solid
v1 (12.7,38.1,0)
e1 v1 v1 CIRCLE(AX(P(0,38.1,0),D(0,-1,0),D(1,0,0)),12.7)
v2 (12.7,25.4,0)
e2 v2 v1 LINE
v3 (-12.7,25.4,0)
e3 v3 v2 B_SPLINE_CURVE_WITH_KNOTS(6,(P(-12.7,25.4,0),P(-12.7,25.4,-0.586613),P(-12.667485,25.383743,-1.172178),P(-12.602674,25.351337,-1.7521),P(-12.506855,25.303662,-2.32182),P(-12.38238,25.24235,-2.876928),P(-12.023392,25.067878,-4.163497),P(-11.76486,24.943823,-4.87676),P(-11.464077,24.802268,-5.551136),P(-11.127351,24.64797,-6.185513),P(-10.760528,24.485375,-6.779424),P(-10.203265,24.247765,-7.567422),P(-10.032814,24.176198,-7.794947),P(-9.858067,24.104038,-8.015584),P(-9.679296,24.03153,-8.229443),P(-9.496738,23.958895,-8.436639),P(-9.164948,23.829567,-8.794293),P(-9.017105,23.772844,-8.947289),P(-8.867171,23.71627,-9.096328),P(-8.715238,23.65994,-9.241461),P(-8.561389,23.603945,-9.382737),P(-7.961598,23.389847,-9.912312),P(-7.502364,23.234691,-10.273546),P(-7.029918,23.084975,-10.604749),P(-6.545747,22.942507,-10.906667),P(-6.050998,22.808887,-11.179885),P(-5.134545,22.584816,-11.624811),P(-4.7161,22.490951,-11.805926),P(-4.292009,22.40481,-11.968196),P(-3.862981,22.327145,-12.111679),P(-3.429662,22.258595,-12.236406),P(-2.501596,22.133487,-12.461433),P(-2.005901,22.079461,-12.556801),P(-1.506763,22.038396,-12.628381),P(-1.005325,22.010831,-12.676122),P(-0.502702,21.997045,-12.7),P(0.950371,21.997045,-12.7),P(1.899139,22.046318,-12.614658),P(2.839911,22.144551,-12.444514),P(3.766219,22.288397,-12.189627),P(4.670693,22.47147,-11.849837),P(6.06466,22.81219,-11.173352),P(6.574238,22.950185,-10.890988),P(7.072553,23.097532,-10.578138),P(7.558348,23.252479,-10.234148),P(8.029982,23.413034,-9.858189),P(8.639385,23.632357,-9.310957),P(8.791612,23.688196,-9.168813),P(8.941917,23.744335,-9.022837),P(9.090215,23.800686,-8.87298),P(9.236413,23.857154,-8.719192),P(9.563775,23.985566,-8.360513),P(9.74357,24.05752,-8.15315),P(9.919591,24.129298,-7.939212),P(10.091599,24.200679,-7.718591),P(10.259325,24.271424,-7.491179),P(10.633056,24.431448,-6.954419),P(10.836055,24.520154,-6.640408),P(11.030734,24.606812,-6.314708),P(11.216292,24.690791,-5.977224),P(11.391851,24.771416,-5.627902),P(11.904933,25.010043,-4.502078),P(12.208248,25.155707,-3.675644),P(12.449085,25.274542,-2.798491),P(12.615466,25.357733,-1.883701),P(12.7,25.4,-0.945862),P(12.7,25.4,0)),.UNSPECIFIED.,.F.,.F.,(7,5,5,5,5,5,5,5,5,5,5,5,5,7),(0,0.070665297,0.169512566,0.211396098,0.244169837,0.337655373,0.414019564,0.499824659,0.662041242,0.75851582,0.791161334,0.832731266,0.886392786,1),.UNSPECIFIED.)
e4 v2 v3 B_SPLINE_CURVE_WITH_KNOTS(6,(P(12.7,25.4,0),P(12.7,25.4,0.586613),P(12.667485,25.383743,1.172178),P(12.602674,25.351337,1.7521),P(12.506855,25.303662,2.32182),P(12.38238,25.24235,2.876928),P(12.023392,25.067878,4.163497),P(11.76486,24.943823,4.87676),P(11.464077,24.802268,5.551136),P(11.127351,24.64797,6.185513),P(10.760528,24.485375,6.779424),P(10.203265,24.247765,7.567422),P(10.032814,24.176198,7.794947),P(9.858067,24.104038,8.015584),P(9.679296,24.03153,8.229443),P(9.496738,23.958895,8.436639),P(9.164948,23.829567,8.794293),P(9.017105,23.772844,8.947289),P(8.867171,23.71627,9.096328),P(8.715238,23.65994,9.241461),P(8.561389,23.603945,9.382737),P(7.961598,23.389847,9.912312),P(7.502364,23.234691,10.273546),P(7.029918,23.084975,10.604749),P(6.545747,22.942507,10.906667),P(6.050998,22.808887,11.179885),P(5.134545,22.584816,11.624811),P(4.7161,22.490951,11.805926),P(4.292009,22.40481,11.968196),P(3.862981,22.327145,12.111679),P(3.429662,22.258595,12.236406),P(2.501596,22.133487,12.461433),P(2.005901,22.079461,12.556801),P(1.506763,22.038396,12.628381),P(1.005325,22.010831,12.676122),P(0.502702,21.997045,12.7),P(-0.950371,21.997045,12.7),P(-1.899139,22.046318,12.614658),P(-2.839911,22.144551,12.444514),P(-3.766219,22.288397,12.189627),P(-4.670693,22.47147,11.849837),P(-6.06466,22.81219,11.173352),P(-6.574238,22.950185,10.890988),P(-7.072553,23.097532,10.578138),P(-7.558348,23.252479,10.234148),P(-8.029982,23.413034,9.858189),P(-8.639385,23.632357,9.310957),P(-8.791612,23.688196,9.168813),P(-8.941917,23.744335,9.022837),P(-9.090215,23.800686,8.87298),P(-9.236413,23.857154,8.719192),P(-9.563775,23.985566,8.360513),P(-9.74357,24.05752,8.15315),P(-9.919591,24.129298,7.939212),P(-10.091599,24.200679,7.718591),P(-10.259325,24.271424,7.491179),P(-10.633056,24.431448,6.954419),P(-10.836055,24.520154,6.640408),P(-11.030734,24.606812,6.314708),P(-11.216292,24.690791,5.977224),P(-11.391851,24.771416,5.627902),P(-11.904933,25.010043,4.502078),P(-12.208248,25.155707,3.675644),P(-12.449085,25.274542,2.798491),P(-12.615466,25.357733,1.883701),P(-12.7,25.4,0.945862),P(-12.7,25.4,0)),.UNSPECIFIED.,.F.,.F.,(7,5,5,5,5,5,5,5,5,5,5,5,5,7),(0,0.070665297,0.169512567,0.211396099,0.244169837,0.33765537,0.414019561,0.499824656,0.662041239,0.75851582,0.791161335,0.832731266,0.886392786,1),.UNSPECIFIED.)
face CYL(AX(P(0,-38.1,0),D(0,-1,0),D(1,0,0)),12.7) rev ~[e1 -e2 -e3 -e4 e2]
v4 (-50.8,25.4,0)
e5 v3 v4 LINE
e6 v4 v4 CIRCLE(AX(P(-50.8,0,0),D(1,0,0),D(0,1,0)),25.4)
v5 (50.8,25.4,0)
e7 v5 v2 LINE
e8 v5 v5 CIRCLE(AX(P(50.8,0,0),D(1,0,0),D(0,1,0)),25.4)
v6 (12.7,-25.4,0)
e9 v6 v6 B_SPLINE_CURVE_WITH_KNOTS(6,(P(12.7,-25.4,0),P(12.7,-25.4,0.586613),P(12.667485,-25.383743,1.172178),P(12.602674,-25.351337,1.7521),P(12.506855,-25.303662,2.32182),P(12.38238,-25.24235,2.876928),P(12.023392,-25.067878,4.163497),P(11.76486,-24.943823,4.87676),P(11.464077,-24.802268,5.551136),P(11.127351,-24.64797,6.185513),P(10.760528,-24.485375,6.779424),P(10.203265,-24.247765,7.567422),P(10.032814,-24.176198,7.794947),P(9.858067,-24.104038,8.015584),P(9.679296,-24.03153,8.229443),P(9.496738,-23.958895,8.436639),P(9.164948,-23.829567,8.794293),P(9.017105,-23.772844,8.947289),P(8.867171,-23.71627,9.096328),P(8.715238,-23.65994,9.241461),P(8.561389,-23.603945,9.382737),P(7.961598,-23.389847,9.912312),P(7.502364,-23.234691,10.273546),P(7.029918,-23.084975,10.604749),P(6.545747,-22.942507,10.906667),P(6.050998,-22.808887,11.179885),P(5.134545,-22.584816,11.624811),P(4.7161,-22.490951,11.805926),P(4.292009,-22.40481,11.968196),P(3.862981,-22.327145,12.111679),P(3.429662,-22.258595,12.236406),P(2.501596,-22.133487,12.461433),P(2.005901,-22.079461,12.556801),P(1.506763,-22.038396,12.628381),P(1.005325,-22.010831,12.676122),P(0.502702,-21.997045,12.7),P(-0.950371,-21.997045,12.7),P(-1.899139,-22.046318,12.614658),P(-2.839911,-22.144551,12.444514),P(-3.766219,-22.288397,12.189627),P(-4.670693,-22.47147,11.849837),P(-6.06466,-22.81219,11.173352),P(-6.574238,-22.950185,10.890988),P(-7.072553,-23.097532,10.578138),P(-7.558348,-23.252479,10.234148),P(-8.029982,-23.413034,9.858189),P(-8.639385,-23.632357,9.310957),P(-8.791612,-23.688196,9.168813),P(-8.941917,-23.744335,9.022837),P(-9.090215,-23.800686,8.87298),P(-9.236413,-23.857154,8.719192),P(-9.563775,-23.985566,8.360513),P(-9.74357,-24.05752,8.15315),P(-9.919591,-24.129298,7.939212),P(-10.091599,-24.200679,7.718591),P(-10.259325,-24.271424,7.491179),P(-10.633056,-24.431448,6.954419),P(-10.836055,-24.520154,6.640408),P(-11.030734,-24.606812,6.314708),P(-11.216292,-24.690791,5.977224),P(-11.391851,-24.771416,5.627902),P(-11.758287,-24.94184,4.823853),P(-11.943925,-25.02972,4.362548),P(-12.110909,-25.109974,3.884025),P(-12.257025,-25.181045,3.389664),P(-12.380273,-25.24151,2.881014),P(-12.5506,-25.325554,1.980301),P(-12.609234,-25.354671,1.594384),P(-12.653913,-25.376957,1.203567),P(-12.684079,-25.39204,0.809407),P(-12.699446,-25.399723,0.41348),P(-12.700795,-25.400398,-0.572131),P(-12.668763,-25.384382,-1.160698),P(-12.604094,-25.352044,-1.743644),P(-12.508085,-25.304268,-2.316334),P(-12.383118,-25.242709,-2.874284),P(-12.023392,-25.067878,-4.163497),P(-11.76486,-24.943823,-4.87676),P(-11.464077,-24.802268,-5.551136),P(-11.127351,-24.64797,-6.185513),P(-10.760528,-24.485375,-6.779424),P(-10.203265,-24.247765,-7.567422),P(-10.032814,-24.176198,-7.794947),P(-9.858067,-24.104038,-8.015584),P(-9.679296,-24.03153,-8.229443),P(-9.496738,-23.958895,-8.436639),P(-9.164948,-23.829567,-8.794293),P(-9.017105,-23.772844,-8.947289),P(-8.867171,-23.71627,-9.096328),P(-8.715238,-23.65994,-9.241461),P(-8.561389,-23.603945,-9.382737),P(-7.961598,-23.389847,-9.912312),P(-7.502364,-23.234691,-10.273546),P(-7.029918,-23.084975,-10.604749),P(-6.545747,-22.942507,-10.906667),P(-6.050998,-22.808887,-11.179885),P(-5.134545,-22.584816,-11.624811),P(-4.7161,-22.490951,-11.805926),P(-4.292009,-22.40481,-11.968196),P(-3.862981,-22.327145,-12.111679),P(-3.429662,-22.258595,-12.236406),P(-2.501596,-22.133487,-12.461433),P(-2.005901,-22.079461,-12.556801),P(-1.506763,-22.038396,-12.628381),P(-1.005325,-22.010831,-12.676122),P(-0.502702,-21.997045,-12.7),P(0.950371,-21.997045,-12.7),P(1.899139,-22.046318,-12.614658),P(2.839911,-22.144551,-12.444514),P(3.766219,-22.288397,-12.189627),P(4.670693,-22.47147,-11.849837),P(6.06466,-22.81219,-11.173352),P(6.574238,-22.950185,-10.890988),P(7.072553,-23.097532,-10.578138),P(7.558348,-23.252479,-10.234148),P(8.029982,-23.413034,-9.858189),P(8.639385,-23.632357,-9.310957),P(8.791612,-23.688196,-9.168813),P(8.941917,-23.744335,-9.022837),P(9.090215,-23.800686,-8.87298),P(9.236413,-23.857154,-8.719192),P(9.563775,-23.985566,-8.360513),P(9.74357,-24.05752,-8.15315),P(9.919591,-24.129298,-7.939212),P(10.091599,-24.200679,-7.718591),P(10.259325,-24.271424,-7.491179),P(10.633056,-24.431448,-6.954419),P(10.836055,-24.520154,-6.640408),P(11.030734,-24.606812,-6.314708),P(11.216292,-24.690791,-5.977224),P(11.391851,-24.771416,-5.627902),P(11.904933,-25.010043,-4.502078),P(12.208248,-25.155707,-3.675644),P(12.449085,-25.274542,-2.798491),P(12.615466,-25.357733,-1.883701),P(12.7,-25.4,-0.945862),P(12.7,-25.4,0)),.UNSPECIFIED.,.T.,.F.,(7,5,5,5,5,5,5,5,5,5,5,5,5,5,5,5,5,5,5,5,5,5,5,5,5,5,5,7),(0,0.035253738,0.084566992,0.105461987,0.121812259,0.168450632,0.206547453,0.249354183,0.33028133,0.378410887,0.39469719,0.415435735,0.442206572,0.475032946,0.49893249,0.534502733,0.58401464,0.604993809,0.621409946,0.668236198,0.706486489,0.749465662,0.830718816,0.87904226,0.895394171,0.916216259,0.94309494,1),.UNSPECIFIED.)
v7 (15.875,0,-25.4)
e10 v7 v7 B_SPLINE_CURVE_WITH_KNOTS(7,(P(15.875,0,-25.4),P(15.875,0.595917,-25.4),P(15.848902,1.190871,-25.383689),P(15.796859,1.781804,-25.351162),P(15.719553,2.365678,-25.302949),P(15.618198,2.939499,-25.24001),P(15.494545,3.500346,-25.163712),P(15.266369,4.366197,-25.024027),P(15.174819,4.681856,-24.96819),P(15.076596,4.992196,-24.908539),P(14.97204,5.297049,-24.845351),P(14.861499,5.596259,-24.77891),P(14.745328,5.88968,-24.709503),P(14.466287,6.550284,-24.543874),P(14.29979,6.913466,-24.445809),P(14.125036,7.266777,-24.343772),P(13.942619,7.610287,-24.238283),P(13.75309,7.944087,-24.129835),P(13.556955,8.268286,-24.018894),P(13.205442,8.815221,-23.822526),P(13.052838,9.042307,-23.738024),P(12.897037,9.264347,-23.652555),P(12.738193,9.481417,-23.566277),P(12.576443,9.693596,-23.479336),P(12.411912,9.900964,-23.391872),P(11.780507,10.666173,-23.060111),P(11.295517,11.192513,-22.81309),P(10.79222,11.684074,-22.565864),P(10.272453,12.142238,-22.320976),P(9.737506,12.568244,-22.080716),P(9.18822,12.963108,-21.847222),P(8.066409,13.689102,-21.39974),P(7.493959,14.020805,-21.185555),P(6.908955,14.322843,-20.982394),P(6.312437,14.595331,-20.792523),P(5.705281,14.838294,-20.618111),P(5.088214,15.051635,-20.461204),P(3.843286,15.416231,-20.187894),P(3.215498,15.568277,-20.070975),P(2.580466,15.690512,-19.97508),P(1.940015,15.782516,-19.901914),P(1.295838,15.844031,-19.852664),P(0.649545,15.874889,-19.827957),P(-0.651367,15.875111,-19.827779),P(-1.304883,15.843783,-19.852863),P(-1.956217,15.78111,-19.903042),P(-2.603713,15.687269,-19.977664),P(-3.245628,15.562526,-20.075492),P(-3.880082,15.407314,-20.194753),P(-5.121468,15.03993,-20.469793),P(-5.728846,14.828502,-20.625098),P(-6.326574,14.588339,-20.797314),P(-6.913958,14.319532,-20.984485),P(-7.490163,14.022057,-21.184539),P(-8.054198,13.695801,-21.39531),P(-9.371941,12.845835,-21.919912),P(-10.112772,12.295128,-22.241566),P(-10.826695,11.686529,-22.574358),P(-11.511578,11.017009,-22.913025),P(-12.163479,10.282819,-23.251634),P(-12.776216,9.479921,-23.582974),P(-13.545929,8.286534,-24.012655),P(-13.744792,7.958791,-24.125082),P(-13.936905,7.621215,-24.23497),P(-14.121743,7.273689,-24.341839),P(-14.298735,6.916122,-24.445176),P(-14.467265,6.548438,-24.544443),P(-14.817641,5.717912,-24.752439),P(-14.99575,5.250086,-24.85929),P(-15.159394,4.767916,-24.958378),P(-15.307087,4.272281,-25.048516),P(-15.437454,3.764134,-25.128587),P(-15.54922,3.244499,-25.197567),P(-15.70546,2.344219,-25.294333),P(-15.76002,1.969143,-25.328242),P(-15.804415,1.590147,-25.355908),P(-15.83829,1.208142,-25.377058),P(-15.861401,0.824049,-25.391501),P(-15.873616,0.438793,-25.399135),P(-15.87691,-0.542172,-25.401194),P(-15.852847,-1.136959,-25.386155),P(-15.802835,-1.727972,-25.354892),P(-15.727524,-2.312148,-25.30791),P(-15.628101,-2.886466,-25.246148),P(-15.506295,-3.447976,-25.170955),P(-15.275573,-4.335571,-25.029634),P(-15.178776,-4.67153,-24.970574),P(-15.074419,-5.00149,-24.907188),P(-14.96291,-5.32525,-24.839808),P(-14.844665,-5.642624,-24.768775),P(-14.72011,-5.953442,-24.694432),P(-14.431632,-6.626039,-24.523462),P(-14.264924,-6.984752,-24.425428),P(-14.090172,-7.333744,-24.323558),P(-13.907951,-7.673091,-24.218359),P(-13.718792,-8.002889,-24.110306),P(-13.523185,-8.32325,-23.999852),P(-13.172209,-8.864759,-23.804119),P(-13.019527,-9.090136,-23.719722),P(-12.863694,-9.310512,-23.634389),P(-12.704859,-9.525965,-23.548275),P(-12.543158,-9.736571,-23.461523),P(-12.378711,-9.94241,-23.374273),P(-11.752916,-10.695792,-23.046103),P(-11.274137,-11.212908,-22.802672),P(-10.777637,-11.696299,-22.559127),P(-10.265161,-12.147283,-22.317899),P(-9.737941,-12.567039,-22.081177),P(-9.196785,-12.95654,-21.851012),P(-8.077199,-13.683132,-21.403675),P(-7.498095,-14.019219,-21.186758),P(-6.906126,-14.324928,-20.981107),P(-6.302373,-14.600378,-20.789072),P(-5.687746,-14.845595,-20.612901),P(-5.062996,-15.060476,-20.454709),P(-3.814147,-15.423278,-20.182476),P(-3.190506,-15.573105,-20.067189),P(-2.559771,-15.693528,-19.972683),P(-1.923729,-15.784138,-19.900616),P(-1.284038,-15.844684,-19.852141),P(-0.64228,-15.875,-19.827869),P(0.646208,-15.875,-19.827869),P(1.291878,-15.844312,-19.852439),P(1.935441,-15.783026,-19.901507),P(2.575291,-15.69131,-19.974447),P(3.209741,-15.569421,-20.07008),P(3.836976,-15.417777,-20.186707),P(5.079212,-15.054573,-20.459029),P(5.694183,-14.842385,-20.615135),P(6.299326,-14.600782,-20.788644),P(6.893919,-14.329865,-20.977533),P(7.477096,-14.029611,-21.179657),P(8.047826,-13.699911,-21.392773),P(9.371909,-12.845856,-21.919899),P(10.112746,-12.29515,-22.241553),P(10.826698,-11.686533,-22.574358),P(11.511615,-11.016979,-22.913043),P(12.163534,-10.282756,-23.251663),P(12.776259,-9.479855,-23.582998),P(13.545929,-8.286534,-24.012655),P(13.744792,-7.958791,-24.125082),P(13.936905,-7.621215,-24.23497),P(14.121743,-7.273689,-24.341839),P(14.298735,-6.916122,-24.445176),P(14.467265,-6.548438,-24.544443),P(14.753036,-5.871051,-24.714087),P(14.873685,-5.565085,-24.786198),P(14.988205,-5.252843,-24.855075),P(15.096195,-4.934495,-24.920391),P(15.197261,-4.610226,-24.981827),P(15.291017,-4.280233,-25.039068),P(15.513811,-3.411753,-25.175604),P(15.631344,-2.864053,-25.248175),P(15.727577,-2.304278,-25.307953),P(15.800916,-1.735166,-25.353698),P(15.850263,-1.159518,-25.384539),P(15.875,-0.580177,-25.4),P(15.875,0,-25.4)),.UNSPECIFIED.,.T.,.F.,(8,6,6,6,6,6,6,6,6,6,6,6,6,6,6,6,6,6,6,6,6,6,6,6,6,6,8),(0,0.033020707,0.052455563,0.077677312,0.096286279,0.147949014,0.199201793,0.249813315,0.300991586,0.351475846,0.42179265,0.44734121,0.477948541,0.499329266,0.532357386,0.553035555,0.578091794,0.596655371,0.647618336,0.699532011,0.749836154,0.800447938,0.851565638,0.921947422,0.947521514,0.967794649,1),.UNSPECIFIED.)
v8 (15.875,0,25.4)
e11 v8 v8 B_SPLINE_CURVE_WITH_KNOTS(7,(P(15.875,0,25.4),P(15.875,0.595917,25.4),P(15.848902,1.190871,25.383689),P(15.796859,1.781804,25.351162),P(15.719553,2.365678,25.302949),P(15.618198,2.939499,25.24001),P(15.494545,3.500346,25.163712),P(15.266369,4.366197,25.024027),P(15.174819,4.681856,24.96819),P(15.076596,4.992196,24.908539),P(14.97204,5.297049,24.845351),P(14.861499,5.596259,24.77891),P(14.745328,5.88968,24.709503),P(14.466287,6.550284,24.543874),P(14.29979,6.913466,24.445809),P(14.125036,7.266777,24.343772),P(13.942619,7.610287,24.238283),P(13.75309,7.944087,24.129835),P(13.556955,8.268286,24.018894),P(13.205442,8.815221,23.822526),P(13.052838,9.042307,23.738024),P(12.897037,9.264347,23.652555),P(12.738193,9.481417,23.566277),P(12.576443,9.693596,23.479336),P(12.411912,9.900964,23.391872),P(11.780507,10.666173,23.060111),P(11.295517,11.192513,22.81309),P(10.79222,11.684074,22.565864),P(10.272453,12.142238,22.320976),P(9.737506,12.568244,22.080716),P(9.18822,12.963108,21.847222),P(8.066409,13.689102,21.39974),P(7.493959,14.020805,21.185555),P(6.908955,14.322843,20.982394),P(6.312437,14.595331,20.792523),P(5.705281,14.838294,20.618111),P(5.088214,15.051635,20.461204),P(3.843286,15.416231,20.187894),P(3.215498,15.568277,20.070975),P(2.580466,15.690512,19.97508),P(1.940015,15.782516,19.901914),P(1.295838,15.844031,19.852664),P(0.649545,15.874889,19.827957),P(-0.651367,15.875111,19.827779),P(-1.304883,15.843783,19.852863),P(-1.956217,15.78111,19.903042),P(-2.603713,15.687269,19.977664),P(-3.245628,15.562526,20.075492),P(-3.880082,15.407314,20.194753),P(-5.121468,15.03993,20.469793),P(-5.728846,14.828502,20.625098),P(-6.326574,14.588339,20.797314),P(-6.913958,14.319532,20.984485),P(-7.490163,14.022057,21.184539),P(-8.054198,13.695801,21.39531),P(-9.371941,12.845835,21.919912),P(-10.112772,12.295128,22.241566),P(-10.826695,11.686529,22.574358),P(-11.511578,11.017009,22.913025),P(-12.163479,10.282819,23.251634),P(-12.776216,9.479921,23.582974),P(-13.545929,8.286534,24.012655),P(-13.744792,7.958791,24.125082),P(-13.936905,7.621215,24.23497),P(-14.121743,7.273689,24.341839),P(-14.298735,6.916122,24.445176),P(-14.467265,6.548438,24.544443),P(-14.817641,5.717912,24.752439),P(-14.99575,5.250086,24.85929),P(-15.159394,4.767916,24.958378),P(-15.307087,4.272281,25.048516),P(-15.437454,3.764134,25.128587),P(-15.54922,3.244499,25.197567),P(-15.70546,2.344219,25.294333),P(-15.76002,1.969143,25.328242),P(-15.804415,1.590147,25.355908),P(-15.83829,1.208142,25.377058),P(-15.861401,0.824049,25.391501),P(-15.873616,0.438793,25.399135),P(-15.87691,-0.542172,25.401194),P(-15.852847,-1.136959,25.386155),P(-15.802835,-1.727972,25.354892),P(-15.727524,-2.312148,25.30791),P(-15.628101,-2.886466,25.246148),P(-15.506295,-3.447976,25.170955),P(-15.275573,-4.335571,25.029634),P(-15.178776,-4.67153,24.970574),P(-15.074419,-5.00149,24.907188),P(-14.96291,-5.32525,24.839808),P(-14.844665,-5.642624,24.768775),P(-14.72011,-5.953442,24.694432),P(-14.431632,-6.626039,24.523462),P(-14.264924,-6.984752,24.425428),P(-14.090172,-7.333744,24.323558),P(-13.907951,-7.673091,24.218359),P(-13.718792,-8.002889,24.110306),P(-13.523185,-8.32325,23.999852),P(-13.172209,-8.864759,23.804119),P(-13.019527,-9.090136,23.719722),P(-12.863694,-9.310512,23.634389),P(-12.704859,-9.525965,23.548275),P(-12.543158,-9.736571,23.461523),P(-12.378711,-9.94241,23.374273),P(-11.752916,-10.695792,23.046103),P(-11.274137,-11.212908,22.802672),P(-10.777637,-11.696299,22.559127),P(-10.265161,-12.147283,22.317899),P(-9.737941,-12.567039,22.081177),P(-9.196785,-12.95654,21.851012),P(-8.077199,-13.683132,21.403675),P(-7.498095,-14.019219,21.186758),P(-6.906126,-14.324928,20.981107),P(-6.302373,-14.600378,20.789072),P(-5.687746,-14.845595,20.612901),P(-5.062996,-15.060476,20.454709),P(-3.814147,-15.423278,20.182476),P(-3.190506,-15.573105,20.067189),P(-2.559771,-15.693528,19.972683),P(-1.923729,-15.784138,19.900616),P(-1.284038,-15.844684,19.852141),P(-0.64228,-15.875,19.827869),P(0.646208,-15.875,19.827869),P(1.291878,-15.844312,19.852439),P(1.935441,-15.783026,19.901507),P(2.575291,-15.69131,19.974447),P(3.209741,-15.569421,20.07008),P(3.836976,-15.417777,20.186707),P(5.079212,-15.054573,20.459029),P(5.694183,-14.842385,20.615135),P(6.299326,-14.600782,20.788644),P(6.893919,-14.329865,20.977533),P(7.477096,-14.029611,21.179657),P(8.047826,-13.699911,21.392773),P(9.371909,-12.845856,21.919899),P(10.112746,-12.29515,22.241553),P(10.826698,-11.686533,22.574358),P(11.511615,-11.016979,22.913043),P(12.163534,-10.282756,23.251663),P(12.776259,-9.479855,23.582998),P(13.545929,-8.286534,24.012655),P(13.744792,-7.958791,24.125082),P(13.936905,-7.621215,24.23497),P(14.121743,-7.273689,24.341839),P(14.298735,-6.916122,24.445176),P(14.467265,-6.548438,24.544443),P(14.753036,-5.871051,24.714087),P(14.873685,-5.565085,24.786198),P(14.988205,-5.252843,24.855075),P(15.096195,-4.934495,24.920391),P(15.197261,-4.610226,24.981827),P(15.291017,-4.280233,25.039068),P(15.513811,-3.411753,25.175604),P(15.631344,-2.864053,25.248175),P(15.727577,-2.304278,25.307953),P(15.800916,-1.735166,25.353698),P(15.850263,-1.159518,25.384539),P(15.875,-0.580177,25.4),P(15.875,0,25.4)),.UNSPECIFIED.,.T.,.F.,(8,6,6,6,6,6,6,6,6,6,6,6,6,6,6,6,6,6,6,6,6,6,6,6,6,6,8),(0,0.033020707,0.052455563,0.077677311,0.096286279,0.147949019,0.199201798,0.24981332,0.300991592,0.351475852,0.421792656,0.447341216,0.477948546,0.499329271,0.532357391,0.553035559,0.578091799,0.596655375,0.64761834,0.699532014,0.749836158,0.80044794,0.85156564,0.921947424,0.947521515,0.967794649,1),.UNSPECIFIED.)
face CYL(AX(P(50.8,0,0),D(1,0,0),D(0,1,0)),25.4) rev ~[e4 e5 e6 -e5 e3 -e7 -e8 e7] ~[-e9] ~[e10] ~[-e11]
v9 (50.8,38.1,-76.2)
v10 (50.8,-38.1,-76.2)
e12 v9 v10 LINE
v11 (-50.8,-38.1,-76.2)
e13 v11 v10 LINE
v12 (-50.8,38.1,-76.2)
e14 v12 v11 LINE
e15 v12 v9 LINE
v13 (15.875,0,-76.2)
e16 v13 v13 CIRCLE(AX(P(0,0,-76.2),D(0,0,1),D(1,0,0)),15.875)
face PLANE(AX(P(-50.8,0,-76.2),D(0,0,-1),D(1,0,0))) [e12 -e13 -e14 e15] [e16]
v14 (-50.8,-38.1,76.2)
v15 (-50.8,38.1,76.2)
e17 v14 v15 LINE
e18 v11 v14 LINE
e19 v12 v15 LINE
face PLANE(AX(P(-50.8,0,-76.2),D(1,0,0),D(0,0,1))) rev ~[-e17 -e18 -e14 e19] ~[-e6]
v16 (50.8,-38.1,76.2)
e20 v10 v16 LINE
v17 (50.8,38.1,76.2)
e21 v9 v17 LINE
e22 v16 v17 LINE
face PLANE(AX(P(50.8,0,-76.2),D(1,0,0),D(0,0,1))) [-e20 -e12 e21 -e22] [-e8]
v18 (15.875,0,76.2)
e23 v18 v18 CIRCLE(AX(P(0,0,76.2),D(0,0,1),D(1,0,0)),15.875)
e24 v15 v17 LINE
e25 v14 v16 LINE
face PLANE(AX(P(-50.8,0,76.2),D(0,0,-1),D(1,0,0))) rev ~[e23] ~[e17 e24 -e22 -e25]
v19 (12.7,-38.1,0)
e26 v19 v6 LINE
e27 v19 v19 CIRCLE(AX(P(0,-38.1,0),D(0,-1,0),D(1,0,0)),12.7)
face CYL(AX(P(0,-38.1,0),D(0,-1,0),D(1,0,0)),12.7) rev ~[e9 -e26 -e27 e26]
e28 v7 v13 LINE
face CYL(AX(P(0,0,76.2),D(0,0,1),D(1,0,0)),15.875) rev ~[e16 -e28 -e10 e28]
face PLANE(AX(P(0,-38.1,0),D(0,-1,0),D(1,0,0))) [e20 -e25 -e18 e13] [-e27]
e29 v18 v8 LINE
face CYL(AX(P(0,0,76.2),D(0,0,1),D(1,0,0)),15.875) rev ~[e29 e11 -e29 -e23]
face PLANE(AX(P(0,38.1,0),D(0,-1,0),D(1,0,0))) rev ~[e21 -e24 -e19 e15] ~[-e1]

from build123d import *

# Parameters (mm, degrees)
F0_W     = 101.6
F0_H     = 152.4
F1_DEPTH = 38.1
F2_R     = 12.7
F3_DEPTH = 76.201
F4_R     = 25.4
F5_DEPTH = 101.601
F6_R     = 15.875
F7_DEPTH = 152.401


with BuildPart() as f1:
    # F0 (on Front) → F1 (new body, symmetric)
    with BuildSketch(Plane.XZ):
        Rectangle(F0_W, F0_H)
    extrude(amount=F1_DEPTH, both=True)

    # F2 (on face) → F3 (cut, through all)
    with BuildSketch(Plane.XZ.offset(38.1)):
        Circle(F2_R)
    extrude(amount=-F3_DEPTH, mode=Mode.SUBTRACT)

    # F4 (on face) → F5 (cut, through all)
    with BuildSketch(Plane.YZ.offset(50.8)):
        Circle(F4_R)
    extrude(amount=-F5_DEPTH, mode=Mode.SUBTRACT)

    # F6 (on face) → F7 (cut, through all)
    with BuildSketch(Plane.XY.offset(76.2)):
        Circle(F6_R)
    extrude(amount=-F7_DEPTH, mode=Mode.SUBTRACT)


solid = f1.part
